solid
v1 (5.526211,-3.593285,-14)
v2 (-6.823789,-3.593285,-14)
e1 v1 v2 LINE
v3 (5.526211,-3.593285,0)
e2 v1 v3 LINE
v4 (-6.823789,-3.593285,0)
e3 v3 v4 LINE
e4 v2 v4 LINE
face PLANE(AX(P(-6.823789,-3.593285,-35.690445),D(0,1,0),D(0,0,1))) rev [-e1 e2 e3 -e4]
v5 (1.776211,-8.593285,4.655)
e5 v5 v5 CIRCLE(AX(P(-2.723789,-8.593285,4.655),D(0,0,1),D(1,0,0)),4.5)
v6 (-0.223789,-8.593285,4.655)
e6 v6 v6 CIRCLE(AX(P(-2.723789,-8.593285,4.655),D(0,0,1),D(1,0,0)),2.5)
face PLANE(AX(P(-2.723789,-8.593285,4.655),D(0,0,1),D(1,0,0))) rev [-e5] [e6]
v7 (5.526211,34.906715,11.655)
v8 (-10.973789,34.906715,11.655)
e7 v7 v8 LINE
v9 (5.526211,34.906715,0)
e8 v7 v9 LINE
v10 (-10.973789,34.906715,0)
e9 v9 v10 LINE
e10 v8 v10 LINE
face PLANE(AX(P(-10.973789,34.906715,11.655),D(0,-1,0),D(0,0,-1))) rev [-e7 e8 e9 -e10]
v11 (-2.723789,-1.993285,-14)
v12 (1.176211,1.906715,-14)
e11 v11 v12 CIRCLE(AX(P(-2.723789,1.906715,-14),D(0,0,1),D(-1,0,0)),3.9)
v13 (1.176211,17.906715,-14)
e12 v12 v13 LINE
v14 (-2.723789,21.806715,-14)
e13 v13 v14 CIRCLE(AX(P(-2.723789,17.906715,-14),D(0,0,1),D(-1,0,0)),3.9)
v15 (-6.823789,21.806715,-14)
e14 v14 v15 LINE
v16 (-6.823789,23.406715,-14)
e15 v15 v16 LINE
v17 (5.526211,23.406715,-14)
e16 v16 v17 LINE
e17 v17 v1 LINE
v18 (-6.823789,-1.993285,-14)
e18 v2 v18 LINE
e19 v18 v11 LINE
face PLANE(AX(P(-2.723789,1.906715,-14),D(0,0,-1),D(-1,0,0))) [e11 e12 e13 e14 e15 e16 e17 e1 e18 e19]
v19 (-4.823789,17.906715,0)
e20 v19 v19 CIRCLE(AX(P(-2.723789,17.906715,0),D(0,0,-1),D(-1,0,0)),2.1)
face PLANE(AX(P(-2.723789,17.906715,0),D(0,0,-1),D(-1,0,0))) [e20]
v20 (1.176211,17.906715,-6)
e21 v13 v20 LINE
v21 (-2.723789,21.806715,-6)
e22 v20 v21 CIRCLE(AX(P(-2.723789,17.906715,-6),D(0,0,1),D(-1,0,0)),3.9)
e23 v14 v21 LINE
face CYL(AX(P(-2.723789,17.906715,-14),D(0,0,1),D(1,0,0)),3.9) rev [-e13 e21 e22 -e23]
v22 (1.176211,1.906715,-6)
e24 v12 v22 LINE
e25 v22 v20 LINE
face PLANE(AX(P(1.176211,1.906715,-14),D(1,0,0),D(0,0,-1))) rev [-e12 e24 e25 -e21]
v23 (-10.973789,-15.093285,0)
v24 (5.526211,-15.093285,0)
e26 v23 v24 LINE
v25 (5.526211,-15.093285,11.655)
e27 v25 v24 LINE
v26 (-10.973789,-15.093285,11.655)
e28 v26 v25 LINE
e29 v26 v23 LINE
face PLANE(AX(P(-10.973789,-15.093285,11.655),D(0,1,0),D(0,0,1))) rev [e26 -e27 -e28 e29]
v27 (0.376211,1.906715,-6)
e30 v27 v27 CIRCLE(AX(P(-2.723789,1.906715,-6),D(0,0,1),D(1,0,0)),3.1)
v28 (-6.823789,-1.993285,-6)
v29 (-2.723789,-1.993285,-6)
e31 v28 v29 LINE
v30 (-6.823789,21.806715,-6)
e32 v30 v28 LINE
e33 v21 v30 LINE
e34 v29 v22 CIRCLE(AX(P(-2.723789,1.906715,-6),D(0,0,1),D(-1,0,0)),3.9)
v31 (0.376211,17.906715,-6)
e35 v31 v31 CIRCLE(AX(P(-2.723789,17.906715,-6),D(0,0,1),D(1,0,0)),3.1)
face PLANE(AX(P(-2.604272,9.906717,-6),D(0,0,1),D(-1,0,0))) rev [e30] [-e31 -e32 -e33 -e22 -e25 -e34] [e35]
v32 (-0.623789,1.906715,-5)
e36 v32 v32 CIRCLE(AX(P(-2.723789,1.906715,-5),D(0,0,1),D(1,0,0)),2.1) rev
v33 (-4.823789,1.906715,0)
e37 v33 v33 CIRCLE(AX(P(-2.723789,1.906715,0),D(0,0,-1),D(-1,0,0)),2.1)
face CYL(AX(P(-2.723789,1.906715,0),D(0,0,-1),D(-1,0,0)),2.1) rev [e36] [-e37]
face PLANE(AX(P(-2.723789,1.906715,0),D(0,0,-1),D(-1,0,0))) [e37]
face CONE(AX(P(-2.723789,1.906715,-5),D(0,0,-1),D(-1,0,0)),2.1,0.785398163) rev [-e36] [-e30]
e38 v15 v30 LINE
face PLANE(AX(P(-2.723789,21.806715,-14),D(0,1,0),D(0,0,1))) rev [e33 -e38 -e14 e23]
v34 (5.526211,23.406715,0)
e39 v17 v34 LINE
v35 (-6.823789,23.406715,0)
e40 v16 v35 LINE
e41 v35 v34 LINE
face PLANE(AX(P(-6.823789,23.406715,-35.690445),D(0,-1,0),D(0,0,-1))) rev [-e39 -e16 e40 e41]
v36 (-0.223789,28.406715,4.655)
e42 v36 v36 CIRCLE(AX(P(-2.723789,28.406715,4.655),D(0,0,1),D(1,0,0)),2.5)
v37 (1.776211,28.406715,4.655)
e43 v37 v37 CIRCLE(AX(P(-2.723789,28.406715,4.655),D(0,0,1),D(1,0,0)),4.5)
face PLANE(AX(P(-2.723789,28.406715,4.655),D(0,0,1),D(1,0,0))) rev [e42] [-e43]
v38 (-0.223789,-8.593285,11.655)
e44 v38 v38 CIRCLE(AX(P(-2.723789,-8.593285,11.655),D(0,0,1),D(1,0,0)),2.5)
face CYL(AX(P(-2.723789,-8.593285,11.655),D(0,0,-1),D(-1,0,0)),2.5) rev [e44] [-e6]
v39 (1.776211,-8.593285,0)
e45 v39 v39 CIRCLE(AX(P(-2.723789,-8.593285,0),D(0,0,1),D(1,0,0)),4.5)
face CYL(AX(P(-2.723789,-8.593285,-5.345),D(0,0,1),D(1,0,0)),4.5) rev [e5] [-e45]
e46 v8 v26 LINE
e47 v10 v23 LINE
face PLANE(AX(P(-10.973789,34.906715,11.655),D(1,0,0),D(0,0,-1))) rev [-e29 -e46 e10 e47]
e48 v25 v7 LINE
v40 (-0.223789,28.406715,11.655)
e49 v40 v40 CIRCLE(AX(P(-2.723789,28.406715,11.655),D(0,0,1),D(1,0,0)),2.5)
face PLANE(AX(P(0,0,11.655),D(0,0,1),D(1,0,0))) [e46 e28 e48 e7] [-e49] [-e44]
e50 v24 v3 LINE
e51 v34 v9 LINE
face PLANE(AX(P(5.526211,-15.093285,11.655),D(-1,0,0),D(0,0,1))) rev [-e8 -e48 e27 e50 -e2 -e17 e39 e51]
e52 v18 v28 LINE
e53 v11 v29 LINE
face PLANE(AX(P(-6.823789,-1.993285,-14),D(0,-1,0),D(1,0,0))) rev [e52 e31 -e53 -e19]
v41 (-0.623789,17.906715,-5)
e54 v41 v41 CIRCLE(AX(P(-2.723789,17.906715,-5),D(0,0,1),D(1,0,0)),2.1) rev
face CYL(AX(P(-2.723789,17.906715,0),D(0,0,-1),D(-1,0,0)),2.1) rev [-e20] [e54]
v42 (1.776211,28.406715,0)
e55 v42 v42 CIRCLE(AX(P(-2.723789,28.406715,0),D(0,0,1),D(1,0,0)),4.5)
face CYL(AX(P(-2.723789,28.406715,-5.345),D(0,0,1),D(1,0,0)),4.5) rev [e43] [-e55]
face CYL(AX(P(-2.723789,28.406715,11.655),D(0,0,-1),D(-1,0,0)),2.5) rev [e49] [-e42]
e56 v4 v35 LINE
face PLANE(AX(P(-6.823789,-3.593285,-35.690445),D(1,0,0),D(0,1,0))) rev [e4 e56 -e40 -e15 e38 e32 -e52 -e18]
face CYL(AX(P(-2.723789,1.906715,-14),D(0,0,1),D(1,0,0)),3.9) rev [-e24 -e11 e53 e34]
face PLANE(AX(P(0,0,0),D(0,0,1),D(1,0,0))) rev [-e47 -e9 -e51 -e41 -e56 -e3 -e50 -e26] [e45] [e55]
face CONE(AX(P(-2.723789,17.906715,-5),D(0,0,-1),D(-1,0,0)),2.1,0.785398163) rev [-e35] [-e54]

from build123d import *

# Parameters (mm, degrees)
SKETCH2_W           = 16.5
SKETCH2_H           = 50
SKETCH2_R           = 2.5
BOSS_EXTRUDE1_DEPTH = 11.655
CUT_EXTRUDE3_START  = -7
SKETCH4_R           = 4.5
CUT_EXTRUDE3_DEPTH  = 10
SKETCH6_W           = 12.35
SKETCH6_H           = 27
BOSS_EXTRUDE2_DEPTH = 6
SKETCH7_R           = 2.1
CUT_EXTRUDE4_DEPTH  = 6
CHAMFER1_SIZE       = 1
BOSS_EXTRUDE3_DEPTH = 8


with BuildPart() as part:
    # Sketch2 → Boss-Extrude1 (new body)
    with BuildSketch(Plane.XY):
        with Locations((-2.723788813, 9.906715388)):
            Rectangle(SKETCH2_W, SKETCH2_H)
        with Locations((-2.723788813, -8.593284612)):
            Circle(SKETCH2_R, mode=Mode.SUBTRACT)
        with Locations((-2.723788813, 28.406715388)):
            Circle(SKETCH2_R, mode=Mode.SUBTRACT)
    extrude(amount=BOSS_EXTRUDE1_DEPTH)

    # Sketch4 → Cut-Extrude3 (cut)
    with BuildSketch(Plane.XY.offset(11.655).offset(CUT_EXTRUDE3_START)):
        with Locations((-2.723788813, 28.406715388)):
            Circle(SKETCH4_R)
        with Locations((-2.723788813, -8.593284612)):
            Circle(SKETCH4_R)
    extrude(amount=-CUT_EXTRUDE3_DEPTH, mode=Mode.SUBTRACT)

    # Sketch6 → Boss-Extrude2 (add)
    with BuildSketch(Plane(origin=(0, 0, 0), x_dir=(-1, 0, 0), z_dir=(0, 0, -1))):
        with Locations((0.648788813, 9.906715388)):
            Rectangle(SKETCH6_W, SKETCH6_H)
    extrude(amount=BOSS_EXTRUDE2_DEPTH)

    # Sketch7 → Cut-Extrude4 (cut)
    with BuildSketch(Plane(origin=(0, 0, -6), x_dir=(-1, 0, 0), z_dir=(0, 0, -1))):
        with Locations((2.723788813, 17.906715388)):
            Circle(SKETCH7_R)
        with Locations((2.723788813, 1.906715388)):
            Circle(SKETCH7_R)
    extrude(amount=-CUT_EXTRUDE4_DEPTH, mode=Mode.SUBTRACT)

    # Chamfer1
    chamfer1_edges = [part.edges().sort_by_distance(p)[0] for p in [
        (-0.623788813, 17.906715388, -6),
        (-0.623788813, 1.906715388, -6),
    ]]
    chamfer(chamfer1_edges, length=CHAMFER1_SIZE)

    # Sketch8 → Boss-Extrude3 (add)
    with BuildSketch(Plane(origin=(0, 0, -6), x_dir=(-1, 0, 0), z_dir=(0, 0, -1))):
        with BuildLine():
            Line((6.823788813, 21.806715388), (6.823788813, 23.406715388))
            Line((6.823788813, 23.406715388), (-5.526211187, 23.406715388))
            Line((-5.526211187, 23.406715388), (-5.526211187, -3.593284612))
            Line((-5.526211187, -3.593284612), (6.823788813, -3.593284612))
            Line((6.823788813, -3.593284612), (6.823788813, -1.993284612))
            Line((6.823788813, -1.993284612), (2.723788813, -1.993284612))
            ThreePointArc((2.723788813, -1.993284612), (-0.033927633, -0.851001059), (-1.176211187, 1.906715388))
            Line((-1.176211187, 1.906715388), (-1.176211187, 17.906715388))
            ThreePointArc((-1.176211187, 17.906715388), (-0.033927633, 20.664431835), (2.723788813, 21.806715388))
            Line((2.723788813, 21.806715388), (6.823788813, 21.806715388))
        make_face()
    extrude(amount=BOSS_EXTRUDE3_DEPTH)


solid = part.part
